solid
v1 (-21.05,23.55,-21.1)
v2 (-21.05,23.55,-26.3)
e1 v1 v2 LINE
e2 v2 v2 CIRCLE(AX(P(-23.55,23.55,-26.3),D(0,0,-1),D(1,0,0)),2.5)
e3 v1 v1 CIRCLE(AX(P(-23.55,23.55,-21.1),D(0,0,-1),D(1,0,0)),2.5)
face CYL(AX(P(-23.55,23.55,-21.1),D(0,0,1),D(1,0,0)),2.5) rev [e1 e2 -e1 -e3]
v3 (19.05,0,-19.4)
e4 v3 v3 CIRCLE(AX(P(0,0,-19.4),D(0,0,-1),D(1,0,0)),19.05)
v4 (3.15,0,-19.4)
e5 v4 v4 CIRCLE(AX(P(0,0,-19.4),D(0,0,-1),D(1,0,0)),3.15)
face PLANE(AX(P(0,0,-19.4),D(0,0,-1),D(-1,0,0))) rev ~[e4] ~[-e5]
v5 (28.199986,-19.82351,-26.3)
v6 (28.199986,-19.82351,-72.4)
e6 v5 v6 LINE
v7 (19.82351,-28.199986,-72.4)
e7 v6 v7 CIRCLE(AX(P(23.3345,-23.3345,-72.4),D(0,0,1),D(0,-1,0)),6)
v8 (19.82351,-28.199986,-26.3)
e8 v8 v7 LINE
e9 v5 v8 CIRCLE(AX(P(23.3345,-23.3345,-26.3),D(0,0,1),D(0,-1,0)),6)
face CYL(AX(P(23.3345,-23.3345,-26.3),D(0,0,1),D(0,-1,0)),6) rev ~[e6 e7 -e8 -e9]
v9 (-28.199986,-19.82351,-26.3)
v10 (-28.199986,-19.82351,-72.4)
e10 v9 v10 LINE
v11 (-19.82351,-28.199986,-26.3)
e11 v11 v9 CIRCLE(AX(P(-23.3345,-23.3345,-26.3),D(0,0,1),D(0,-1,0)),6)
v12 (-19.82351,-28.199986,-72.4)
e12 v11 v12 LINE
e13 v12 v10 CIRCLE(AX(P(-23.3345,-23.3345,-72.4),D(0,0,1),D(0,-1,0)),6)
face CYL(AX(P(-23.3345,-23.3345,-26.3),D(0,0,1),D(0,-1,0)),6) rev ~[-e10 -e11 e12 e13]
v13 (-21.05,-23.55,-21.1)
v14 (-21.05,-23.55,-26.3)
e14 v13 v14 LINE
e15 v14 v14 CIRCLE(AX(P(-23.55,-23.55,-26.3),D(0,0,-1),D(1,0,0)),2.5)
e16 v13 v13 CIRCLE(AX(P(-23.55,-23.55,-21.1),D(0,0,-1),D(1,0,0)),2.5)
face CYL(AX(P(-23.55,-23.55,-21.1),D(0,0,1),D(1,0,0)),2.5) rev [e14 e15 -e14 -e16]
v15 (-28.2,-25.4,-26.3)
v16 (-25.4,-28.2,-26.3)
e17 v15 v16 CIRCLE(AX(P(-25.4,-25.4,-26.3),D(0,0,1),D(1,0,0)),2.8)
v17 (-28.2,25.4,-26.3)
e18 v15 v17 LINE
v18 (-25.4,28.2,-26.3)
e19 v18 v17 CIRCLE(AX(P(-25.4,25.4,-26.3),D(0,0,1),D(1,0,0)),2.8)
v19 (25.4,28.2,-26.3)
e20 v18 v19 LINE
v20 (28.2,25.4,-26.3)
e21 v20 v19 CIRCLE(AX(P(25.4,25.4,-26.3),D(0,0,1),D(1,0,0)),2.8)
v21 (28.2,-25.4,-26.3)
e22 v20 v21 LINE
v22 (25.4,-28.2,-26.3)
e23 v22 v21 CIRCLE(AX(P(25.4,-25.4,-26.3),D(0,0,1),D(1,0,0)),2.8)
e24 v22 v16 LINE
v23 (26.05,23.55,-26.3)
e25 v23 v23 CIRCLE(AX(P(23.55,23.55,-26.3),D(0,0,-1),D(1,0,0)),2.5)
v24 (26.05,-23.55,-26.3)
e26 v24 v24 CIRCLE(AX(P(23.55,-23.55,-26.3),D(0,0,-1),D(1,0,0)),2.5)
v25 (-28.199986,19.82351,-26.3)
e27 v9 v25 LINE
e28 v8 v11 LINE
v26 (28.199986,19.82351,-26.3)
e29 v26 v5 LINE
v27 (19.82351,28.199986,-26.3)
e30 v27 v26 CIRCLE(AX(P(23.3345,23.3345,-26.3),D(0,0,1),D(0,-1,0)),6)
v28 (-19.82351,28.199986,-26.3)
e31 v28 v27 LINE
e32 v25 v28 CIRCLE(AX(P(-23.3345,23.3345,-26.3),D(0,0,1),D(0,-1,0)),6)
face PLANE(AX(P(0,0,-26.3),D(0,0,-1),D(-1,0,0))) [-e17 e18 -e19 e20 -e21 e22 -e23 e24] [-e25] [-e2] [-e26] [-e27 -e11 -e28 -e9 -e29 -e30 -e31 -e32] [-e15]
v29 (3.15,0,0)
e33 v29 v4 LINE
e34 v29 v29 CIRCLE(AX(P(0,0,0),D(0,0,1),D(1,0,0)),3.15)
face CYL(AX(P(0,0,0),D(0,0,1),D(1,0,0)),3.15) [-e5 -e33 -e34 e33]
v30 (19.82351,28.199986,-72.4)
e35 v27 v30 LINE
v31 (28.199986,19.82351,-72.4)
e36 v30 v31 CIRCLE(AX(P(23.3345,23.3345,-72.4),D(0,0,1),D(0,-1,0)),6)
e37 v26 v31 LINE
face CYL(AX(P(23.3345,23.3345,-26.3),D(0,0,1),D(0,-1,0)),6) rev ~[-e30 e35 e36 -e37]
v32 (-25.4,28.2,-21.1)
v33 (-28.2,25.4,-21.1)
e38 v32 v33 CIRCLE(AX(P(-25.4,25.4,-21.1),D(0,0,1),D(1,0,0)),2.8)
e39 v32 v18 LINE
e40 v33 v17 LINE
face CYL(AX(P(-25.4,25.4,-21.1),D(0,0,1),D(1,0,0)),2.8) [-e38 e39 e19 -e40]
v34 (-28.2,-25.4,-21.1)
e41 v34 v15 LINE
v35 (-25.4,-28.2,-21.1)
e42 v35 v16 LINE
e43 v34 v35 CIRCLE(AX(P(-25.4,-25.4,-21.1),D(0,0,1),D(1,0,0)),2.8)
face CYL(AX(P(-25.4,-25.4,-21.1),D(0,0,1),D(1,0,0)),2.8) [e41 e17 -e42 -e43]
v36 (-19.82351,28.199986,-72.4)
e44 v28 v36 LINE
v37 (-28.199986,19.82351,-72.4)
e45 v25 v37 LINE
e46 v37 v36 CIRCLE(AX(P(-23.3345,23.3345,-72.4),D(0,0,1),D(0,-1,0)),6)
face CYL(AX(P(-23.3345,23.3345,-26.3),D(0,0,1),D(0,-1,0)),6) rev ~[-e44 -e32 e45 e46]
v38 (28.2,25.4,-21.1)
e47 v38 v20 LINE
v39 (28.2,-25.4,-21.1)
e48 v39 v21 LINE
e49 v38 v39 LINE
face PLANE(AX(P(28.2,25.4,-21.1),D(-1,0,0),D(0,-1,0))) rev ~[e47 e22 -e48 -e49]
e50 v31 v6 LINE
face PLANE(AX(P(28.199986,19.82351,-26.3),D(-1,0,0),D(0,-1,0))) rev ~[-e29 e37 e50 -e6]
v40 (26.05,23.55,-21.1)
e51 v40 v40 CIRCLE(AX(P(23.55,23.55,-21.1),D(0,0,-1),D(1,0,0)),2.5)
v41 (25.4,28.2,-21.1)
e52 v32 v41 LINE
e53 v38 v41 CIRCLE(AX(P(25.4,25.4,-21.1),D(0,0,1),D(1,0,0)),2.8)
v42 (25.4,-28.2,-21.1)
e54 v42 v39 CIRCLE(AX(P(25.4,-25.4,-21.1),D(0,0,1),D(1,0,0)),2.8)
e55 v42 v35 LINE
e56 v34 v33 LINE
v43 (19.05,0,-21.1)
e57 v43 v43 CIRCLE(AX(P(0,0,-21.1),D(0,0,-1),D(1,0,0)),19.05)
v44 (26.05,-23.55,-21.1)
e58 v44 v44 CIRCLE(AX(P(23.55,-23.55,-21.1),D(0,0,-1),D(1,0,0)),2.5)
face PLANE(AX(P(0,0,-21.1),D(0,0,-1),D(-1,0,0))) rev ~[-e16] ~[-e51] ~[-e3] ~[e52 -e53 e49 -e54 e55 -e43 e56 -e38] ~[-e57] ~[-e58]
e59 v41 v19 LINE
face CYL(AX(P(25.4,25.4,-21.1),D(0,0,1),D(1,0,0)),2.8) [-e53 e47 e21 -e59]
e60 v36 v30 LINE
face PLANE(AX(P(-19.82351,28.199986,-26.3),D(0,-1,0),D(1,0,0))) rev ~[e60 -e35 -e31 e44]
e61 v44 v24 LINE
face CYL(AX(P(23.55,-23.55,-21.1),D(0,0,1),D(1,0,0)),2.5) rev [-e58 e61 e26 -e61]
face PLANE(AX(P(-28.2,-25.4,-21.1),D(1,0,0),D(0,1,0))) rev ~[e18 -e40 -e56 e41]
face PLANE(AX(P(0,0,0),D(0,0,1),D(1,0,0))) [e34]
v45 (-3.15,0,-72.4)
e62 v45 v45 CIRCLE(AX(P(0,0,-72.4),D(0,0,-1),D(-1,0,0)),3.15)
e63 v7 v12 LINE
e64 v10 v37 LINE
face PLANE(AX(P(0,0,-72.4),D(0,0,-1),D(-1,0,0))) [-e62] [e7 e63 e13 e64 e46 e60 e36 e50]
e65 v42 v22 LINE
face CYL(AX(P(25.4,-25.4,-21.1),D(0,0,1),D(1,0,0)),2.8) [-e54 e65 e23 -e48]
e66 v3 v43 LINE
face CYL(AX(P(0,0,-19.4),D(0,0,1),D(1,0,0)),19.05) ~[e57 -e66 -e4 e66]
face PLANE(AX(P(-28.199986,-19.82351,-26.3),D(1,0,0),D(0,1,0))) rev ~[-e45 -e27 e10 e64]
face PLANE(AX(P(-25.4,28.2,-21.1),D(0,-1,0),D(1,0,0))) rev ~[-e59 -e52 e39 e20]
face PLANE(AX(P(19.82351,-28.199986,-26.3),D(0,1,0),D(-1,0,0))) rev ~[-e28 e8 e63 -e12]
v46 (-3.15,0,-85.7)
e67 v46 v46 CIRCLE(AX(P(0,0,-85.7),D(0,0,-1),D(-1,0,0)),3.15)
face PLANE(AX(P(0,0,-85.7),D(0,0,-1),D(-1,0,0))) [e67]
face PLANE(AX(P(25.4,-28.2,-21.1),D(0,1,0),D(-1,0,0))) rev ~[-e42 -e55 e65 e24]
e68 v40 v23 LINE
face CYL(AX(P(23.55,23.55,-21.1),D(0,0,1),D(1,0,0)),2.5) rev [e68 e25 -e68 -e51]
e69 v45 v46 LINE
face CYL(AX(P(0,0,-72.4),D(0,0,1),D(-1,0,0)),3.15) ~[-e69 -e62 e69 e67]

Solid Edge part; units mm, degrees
sketch "Sketch1" plane through (0, 0, 0) normal (0, 0, 1) x (1, 0, 0)
  circle A0 centre (0, 0) radius 3.15
extrude "Protrusion1" add sketch "Sketch1" against normal blind 9
sketch "Sketch2" plane through (0, 0, -9) normal (0, 0, -1) x (1, 0, 0)
  circle A0 centre (0, 0) radius 3.15
extrude "ExtrudedProtrusion_2" add sketch "Sketch2" along normal blind 10.4
sketch "Sketch3" plane through (0, 0, -19.4) normal (0, 0, -1) x (1, 0, 0)
  circle A0 centre (0, 0) radius 19.05
  dimension "D1" = 38.1
extrude "ExtrudedProtrusion_3" add sketch "Sketch3" along normal blind 1.7
sketch "Sketch4" plane through (0, 0, -21.1) normal (0, 0, -1) x (1, 0, 0)
  circle A0 centre (23.55, 23.55) radius 2.5
  circle A1 centre (23.55, -23.55) radius 2.5
  circle A2 centre (-23.55, -23.55) radius 2.5
  circle A3 centre (-23.55, 23.55) radius 2.5
  line L0 (-25.4, -28.2) -> (25.4, -28.2)
  arc A4 (28.2, -25.4) -> (25.4, -28.2) centre (25.4, -25.4) cw
  line L1 (28.2, -25.4) -> (28.2, 25.4)
  arc A5 (25.4, 28.2) -> (28.2, 25.4) centre (25.4, 25.4) cw
  line L2 (25.4, 28.2) -> (-25.4, 28.2)
  arc A6 (-28.2, 25.4) -> (-25.4, 28.2) centre (-25.4, 25.4) cw
  line L3 (-28.2, 25.4) -> (-28.2, -25.4)
  arc A7 (-25.4, -28.2) -> (-28.2, -25.4) centre (-25.4, -25.4) cw
  dimension "D1" = 47.1
  dimension "D2" = 47.1
  dimension "D3" = 56.4
extrude "ExtrudedProtrusion_4" add sketch "Sketch4" along normal blind 5.2
sketch "Sketch5" plane through (0, 0, -26.3) normal (0, 0, -1) x (0, -1, 0)
  line L0 (-28.2, 19.8235) -> (-28.2, -19.8235)
  line L1 (-19.8235, -28.2) -> (19.8235, -28.2)
  line L2 (28.2, -19.8235) -> (28.2, 19.8235)
  line L3 (19.8235, 28.2) -> (-19.8235, 28.2)
  arc A0 (-28.2, -19.8235) -> (-19.8235, -28.2) centre (-23.3345, -23.3345) cw
  arc A1 (19.8235, -28.2) -> (28.2, -19.8235) centre (23.3345, -23.3345) cw
  arc A2 (28.2, 19.8235) -> (19.8235, 28.2) centre (23.3345, 23.3345) cw
  arc A3 (-19.8235, 28.2) -> (-28.2, 19.8235) centre (-23.3345, 23.3345) cw
extrude "ExtrudedProtrusion_5" add sketch "Sketch5" along normal blind 46.1
sketch "Sketch6" plane through (0, 0, -72.4) normal (0, 0, -1) x (-1, 0, 0)
  circle A0 centre (0, 0) radius 3.15
extrude "ExtrudedProtrusion_6" add sketch "Sketch6" along normal blind 13.3
properties material "Stainless steel"
